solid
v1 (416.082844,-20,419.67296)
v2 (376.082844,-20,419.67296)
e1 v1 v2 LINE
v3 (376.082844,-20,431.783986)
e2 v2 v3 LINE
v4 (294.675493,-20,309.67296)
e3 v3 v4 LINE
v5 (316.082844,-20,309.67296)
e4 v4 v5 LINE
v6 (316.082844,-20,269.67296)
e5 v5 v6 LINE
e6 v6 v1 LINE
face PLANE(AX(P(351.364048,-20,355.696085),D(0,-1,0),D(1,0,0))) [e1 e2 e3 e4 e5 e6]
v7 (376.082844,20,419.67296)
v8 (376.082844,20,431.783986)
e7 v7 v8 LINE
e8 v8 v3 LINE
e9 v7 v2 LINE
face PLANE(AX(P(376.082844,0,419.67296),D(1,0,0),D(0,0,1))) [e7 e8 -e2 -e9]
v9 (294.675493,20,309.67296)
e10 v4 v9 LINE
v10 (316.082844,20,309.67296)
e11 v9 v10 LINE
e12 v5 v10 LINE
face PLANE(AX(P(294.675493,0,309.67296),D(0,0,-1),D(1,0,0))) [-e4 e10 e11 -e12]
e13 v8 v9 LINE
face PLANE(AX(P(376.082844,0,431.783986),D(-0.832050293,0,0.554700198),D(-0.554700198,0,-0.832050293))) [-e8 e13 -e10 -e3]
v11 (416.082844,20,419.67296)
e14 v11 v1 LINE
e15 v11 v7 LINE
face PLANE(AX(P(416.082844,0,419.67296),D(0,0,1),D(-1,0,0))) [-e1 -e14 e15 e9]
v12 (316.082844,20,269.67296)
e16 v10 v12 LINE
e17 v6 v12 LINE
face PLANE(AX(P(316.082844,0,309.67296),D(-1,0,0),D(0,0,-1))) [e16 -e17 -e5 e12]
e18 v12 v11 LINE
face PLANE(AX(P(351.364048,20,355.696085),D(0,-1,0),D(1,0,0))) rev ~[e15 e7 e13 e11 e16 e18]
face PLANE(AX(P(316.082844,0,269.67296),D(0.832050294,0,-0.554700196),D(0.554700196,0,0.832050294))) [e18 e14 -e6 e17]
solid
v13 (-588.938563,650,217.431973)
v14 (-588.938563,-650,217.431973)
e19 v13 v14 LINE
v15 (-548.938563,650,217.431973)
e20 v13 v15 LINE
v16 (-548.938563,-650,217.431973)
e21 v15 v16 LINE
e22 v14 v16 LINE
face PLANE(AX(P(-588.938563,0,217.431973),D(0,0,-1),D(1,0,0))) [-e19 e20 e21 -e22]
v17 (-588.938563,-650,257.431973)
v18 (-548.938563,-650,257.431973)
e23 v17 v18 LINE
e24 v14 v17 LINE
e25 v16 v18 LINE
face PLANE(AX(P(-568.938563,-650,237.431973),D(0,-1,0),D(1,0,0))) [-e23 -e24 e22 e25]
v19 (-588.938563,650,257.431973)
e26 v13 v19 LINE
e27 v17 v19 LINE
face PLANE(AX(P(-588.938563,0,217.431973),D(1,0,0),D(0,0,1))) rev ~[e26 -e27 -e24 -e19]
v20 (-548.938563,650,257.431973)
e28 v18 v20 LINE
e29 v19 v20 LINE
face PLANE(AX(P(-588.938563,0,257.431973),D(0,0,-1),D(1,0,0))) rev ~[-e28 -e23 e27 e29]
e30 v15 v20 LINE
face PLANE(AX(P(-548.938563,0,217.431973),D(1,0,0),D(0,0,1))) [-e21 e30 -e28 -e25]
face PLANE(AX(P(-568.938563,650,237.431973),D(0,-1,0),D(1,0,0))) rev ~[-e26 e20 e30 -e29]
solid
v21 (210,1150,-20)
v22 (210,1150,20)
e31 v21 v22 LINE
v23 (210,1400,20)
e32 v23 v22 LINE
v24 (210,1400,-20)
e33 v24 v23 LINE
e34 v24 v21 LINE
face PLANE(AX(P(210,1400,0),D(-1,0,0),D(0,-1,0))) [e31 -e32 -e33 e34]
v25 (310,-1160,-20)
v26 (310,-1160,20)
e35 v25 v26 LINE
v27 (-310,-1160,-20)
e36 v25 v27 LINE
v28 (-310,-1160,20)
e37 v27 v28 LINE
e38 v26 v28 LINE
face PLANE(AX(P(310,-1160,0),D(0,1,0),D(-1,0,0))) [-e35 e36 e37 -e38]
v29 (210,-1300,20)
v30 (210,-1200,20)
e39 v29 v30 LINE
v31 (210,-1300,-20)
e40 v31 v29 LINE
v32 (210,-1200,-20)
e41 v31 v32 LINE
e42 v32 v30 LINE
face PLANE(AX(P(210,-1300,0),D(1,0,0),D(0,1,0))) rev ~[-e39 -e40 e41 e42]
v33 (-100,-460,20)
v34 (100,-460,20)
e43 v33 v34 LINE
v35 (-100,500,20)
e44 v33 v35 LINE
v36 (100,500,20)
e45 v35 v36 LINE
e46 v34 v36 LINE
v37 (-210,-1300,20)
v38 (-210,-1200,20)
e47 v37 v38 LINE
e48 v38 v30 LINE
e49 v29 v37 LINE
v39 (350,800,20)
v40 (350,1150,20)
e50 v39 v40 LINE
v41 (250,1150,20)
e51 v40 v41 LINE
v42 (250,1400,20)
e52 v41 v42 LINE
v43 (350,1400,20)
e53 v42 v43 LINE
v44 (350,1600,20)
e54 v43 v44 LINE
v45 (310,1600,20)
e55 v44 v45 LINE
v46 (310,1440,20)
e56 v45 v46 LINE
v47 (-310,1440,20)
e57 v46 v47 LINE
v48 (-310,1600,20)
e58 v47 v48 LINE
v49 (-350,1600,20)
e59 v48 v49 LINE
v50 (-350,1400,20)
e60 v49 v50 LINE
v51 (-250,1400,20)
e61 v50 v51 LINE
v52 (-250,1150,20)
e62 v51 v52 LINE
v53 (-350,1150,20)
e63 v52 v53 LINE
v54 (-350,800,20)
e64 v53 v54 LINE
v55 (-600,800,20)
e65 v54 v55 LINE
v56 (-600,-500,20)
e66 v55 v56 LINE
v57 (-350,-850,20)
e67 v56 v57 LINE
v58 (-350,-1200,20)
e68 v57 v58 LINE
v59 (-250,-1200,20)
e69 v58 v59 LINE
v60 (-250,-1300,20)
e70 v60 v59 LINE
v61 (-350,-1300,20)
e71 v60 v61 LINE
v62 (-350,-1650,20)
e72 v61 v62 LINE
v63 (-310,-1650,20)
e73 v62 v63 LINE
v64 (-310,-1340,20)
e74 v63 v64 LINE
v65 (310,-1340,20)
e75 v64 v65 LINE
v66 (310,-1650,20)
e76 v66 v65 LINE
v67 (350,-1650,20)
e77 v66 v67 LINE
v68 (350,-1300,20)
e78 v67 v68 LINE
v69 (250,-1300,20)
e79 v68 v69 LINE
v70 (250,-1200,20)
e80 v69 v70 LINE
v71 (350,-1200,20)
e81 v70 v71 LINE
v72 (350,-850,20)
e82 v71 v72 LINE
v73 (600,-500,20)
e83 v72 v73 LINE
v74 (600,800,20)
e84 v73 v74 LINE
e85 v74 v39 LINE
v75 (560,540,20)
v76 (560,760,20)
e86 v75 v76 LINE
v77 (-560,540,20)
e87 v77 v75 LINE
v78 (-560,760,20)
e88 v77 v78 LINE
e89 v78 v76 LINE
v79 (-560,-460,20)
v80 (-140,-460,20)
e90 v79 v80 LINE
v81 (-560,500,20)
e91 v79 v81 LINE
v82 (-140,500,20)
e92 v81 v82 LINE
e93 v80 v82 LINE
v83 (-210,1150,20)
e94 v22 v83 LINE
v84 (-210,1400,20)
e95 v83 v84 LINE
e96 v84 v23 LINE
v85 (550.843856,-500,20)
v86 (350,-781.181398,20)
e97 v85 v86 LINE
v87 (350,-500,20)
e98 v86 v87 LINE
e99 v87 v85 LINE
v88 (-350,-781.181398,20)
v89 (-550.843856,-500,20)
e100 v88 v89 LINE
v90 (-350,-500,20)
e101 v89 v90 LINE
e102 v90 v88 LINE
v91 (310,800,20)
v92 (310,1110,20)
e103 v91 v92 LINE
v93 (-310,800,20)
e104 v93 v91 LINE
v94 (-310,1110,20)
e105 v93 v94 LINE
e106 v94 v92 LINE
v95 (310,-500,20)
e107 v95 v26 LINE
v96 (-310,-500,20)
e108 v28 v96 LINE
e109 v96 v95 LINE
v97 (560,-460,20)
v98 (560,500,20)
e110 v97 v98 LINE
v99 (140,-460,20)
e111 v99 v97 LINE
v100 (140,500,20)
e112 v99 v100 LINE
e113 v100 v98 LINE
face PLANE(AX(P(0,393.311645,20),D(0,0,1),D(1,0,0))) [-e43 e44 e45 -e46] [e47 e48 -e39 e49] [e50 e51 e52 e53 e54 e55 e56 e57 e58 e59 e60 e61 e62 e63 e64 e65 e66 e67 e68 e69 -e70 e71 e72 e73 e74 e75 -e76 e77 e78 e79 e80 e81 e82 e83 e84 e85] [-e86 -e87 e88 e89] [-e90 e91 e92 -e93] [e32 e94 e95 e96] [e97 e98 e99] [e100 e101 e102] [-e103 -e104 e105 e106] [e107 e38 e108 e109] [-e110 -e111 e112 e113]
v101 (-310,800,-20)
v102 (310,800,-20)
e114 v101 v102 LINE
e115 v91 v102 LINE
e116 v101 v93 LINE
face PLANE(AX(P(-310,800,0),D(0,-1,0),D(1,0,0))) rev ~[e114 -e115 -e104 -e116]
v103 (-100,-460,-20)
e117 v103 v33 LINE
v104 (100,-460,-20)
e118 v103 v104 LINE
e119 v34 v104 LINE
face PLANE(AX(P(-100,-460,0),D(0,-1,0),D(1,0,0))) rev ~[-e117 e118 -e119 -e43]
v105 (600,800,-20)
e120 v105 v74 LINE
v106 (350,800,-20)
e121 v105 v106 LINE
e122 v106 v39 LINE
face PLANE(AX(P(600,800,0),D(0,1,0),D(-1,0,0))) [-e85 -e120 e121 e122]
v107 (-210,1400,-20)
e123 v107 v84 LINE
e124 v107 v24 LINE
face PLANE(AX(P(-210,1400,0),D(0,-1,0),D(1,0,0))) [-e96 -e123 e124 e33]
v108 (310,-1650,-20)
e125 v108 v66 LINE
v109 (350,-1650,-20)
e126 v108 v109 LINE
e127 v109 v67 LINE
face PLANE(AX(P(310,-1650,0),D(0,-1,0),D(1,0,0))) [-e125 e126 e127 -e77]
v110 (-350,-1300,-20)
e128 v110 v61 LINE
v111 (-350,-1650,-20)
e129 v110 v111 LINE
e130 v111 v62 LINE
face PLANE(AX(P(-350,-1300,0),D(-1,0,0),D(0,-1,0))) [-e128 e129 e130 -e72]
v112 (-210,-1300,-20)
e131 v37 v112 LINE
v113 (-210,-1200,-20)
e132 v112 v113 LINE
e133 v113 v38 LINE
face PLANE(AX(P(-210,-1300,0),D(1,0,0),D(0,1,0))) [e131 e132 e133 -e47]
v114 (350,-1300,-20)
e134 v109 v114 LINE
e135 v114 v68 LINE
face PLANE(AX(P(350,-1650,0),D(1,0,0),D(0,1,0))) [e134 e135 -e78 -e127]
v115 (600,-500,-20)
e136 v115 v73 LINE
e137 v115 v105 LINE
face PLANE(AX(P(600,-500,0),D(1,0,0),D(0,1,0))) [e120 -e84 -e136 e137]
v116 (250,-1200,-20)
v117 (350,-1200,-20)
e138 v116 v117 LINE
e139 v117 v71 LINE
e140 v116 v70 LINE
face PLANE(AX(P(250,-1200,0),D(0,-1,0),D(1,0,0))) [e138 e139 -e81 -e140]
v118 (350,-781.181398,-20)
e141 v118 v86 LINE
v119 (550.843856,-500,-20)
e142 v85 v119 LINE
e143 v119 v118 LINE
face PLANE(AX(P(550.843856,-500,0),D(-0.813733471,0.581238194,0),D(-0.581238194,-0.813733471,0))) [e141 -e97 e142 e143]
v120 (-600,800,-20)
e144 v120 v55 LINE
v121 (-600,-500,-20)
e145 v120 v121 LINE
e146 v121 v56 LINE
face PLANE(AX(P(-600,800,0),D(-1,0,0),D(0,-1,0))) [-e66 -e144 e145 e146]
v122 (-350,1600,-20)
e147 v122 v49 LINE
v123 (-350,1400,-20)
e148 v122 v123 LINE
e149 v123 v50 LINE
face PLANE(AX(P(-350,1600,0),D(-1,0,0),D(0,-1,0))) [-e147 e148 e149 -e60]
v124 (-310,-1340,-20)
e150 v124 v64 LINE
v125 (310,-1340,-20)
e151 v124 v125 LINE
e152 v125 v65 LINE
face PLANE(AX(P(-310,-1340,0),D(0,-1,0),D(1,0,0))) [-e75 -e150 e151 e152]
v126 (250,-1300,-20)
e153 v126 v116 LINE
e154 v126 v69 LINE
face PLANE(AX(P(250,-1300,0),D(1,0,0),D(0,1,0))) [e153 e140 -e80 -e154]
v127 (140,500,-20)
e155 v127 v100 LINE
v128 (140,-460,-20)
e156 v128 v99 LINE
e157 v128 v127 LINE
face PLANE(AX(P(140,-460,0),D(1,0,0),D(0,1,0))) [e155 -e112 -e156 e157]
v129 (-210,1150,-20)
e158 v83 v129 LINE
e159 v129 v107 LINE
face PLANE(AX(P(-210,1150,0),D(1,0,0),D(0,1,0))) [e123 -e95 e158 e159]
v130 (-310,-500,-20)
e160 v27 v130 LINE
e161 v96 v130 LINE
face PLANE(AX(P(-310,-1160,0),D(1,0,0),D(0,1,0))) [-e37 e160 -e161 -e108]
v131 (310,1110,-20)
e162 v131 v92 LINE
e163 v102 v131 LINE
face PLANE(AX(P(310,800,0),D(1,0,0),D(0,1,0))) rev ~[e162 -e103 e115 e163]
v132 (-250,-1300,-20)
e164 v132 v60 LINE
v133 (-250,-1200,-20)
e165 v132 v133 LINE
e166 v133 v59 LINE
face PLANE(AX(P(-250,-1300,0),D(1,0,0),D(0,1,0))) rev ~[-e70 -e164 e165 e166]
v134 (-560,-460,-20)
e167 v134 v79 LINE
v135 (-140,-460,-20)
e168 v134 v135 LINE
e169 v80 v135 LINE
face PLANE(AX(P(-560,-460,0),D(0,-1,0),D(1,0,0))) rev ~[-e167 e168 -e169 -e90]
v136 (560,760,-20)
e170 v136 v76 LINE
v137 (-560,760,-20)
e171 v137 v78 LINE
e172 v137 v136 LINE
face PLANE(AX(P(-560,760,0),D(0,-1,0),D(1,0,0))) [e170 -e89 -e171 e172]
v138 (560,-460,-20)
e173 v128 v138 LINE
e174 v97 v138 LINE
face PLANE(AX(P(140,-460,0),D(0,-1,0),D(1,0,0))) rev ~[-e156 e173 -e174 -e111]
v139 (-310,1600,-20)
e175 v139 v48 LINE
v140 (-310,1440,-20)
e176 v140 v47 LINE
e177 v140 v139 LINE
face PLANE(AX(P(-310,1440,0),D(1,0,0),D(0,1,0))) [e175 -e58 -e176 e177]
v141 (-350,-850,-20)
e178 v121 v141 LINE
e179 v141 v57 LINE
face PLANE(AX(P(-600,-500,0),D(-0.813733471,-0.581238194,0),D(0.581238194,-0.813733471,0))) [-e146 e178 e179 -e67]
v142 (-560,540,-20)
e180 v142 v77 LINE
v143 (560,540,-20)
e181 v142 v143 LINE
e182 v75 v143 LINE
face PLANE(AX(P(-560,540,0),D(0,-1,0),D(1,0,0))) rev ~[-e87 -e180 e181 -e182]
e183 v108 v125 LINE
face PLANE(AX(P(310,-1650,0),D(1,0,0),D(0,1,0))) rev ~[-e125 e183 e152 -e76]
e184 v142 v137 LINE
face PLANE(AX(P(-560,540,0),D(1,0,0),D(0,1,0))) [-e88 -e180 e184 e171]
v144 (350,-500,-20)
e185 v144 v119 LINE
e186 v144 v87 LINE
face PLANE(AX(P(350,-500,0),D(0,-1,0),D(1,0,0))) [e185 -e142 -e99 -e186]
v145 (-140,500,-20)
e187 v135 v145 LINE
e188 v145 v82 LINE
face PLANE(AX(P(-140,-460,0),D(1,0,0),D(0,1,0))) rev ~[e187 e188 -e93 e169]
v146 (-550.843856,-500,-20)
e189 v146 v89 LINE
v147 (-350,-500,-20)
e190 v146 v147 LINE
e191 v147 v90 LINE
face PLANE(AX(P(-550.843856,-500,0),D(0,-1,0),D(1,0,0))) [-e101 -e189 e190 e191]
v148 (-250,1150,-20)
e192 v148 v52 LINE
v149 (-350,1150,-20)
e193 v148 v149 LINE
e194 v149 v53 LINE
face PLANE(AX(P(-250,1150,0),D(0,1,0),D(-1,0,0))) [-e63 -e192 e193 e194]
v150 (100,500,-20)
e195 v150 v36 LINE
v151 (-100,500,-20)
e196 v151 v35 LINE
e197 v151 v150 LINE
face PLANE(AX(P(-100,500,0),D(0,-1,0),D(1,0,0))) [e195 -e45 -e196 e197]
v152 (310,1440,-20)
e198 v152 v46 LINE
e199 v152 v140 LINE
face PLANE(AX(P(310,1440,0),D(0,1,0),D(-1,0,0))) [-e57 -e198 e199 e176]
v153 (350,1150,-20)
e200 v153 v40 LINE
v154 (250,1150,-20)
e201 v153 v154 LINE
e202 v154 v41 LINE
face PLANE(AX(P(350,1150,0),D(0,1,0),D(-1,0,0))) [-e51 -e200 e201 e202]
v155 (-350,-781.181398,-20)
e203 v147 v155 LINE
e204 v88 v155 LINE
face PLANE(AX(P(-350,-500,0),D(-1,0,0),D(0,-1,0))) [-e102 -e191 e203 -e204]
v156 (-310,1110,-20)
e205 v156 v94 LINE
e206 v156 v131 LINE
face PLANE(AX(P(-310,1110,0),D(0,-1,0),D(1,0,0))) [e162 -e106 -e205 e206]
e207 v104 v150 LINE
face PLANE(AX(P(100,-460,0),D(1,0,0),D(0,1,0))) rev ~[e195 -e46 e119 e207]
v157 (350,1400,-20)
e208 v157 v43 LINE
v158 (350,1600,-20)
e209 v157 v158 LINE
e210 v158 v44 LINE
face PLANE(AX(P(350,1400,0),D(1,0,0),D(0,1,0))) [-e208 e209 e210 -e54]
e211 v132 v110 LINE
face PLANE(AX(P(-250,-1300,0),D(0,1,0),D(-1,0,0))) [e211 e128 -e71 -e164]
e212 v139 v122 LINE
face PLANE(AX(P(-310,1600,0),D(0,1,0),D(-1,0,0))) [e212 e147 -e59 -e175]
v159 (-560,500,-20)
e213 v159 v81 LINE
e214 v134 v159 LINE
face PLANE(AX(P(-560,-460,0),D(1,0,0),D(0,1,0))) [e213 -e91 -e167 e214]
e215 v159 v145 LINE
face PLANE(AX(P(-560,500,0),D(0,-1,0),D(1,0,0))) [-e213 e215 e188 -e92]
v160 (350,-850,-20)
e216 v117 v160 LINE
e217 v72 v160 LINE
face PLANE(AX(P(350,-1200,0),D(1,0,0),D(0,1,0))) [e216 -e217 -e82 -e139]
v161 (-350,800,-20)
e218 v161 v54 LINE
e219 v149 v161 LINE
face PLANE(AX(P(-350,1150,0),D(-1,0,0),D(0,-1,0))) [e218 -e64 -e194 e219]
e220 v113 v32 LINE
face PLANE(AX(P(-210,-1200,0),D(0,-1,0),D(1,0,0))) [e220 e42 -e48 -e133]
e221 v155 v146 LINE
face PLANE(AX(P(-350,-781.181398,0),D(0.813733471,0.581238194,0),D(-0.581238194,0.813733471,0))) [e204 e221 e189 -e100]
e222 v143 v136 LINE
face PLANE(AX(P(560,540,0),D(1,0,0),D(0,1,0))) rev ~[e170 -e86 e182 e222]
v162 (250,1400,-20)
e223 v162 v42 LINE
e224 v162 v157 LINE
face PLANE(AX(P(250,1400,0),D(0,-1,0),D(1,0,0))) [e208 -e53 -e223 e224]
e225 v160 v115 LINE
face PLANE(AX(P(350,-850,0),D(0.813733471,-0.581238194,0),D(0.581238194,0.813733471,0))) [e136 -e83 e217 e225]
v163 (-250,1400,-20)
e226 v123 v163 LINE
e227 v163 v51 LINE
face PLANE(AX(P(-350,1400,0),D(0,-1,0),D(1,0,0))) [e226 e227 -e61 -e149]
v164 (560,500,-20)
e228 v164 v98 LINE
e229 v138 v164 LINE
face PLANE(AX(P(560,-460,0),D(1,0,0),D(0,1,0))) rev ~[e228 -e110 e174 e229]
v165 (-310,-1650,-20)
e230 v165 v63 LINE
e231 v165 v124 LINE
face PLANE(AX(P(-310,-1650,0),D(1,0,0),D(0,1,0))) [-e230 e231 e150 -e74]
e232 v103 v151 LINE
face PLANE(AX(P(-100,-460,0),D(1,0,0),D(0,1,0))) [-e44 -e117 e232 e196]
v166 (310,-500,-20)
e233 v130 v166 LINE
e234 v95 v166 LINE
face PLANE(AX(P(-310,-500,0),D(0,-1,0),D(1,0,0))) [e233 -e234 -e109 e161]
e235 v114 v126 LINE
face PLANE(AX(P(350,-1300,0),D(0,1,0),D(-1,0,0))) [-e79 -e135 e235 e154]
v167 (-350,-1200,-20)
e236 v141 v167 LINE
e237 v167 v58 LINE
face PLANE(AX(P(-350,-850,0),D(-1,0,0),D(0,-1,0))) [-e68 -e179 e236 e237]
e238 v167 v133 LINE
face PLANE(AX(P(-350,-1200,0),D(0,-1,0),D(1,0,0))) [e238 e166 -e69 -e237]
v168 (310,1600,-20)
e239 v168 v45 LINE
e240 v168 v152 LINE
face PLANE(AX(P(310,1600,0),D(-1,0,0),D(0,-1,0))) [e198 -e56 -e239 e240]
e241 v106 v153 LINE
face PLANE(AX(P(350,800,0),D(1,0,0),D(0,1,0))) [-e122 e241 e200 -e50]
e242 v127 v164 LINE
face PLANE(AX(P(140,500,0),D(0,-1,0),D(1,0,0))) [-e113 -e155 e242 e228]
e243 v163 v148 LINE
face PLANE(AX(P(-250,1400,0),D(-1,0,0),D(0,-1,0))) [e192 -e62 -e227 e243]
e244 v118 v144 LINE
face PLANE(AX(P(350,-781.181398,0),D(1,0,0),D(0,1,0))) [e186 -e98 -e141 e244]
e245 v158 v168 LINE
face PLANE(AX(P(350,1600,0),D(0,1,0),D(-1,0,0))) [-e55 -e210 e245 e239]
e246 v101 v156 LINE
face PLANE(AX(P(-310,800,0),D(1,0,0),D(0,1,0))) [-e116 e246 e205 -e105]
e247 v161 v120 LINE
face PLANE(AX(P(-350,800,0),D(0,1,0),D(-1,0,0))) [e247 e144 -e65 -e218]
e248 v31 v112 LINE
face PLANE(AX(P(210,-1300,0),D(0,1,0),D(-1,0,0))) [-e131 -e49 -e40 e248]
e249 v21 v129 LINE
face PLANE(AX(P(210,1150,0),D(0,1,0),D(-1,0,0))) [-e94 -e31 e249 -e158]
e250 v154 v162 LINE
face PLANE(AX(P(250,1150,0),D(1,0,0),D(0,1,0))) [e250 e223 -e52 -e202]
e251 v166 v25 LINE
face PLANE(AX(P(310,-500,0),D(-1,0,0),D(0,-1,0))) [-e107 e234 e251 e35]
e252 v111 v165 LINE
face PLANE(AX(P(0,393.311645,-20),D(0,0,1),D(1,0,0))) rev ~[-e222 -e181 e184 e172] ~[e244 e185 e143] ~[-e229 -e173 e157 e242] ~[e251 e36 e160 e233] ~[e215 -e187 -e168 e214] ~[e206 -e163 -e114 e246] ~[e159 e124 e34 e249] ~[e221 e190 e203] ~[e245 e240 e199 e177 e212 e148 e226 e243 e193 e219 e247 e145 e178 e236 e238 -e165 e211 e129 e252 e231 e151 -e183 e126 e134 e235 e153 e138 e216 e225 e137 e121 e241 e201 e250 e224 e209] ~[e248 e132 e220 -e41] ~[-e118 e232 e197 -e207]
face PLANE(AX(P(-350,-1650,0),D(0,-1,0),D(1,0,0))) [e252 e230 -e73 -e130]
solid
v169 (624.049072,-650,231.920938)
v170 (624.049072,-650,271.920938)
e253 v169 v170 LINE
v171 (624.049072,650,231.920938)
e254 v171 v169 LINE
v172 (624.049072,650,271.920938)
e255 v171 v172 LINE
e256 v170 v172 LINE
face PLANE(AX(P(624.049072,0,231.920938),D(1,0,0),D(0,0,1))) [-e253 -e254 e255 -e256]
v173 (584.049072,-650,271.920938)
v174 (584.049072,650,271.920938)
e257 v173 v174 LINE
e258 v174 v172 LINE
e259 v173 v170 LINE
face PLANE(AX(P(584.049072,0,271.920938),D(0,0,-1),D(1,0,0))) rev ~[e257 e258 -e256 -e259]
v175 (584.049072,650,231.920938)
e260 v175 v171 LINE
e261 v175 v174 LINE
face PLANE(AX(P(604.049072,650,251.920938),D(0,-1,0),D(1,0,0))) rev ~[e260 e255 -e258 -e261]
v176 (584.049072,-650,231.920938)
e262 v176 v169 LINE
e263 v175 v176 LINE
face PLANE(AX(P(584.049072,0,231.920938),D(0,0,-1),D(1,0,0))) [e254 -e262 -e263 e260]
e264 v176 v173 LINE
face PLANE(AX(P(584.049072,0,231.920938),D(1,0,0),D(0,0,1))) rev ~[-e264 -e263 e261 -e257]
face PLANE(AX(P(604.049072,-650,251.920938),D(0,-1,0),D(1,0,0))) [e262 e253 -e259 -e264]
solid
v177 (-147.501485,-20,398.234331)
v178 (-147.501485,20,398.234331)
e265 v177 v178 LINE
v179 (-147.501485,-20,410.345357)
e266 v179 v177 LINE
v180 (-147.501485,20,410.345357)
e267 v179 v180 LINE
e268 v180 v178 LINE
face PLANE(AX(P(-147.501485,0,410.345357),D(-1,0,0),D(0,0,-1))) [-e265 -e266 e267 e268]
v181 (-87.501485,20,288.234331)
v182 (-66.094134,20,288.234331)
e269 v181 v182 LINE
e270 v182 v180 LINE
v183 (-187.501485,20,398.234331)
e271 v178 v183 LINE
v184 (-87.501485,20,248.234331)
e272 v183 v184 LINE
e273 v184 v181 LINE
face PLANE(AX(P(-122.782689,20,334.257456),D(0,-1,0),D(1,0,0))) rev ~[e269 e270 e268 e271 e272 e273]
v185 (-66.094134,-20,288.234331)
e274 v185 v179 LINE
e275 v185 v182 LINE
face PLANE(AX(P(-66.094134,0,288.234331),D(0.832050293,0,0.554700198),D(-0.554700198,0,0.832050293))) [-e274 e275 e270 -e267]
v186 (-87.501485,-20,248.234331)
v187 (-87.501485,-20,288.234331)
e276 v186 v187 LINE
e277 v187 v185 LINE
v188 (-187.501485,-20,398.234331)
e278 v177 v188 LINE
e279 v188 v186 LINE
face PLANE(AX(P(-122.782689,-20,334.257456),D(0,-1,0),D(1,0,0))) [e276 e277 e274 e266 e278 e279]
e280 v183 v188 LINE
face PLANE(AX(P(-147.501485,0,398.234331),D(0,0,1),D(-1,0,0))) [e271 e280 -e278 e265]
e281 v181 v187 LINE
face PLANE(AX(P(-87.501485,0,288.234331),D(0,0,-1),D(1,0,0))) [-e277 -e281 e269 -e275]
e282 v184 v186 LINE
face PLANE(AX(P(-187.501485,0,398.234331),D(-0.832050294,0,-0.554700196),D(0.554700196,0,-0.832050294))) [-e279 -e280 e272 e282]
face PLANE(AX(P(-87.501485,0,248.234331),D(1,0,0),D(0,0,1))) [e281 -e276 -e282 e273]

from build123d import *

# Parameters (mm, degrees)
F0_W     = 420
F0_H     = 960
F0_W_2   = 200
F0_W_3   = 1120
F0_H_2   = 220
F0_W_4   = 620
F0_H_3   = 310
F0_W_5   = 40
F0_H_4   = 100
F0_H_5   = 40
F1_DEPTH = 20
F2_W     = 40
F2_H     = 40
F3_DEPTH = 650
F4_W     = 40
F4_H     = 40
F5_DEPTH = 650
F7_DEPTH = 20
F9_DEPTH = 20


with BuildPart() as f1:
    # F0 (on Top) → F1 (new body, symmetric)
    with BuildSketch(Plane.XY):
        Polygon((0, -500), (100, -500), (310, -500), (310, -850), (350, -850), (600, -500), (600, 500), (600, 800), (350, 800), (350, 1150), (310, 1150), (250, 1150), (250, 1400), (310, 1400), (350, 1400), (350, 1600), (310, 1600), (310, 1440), (-310, 1440), (-310, 1600), (-350, 1600), (-350, 1400), (-310, 1400), (-250, 1400), (-250, 1150), (-310, 1150), (-350, 1150), (-350, 800), (-600, 800), (-600, 500), (-600, -500), (-350, -850), (-310, -850), (-310, -500), (-100, -500), align=None)
        Polygon((-550.843856, -500), (-350, -500), (-350, -781.181398), align=None, mode=Mode.SUBTRACT)
        Polygon((350, -781.181398), (350, -500), (550.843856, -500), align=None, mode=Mode.SUBTRACT)
        with Locations((-350, 20)):
            Rectangle(F0_W, F0_H, mode=Mode.SUBTRACT)
        with Locations((0, 20)):
            Rectangle(F0_W_2, F0_H, mode=Mode.SUBTRACT)
        with Locations((0, 650)):
            Rectangle(F0_W_3, F0_H_2, mode=Mode.SUBTRACT)
        with Locations((350, 20)):
            Rectangle(F0_W, F0_H, mode=Mode.SUBTRACT)
        with Locations((0, 955)):
            Rectangle(F0_W_4, F0_H_3, mode=Mode.SUBTRACT)
        Polygon((-210, 1400), (0, 1400), (210, 1400), (210, 1150), (0, 1150), (-210, 1150), align=None, mode=Mode.SUBTRACT)
        Polygon((350, -850), (310, -850), (310, -1160), (0, -1160), (-310, -1160), (-310, -850), (-350, -850), (-350, -1200), (-250, -1200), (-210, -1200), (0, -1200), (210, -1200), (250, -1200), (350, -1200), align=None)
        with Locations((230, -1250)):
            Rectangle(F0_W_5, F0_H_4)
        with Locations((-230, -1250)):
            Rectangle(F0_W_5, F0_H_4)
        Polygon((310, -1300), (250, -1300), (210, -1300), (0, -1300), (-210, -1300), (-250, -1300), (-310, -1300), (-310, -1340), (0, -1340), (310, -1340), align=None)
        with Locations((330, -1495)):
            Rectangle(F0_W_5, F0_H_3)
        with Locations((-330, -1495)):
            Rectangle(F0_W_5, F0_H_3)
        with Locations((-330, -1320)):
            Rectangle(F0_W_5, F0_H_5)
        with Locations((330, -1320)):
            Rectangle(F0_W_5, F0_H_5)
    extrude(amount=F1_DEPTH, both=True)


with BuildPart() as f3:
    # F2 (on Front) → F3 (new body, symmetric)
    with BuildSketch(Plane.XZ):
        with Locations((-568.938563, 237.431973)):
            Rectangle(F2_W, F2_H)
    extrude(amount=F3_DEPTH, both=True)


with BuildPart() as f5:
    # F4 (on Front) → F5 (new body, symmetric)
    with BuildSketch(Plane.XZ):
        with Locations((604.049072, 251.920938)):
            Rectangle(F4_W, F4_H)
    extrude(amount=F5_DEPTH, both=True)


with BuildPart() as f7:
    # F6 (on Front) → F7 (new body, symmetric)
    with BuildSketch(Plane.XZ):
        Polygon((316.082844, 269.67296), (416.082844, 419.67296), (376.082844, 419.67296), (376.082844, 431.783986), (294.675493, 309.67296), (316.082844, 309.67296), align=None)
    extrude(amount=F7_DEPTH, both=True)


with BuildPart() as f9:
    # F8 (on Front) → F9 (new body, symmetric)
    with BuildSketch(Plane.XZ):
        Polygon((-147.501485, 398.234331), (-187.501485, 398.234331), (-87.501485, 248.234331), (-87.501485, 288.234331), (-66.094134, 288.234331), (-147.501485, 410.345357), align=None)
    extrude(amount=F9_DEPTH, both=True)


solid = Compound([f1.part, f3.part, f5.part, f7.part, f9.part])
